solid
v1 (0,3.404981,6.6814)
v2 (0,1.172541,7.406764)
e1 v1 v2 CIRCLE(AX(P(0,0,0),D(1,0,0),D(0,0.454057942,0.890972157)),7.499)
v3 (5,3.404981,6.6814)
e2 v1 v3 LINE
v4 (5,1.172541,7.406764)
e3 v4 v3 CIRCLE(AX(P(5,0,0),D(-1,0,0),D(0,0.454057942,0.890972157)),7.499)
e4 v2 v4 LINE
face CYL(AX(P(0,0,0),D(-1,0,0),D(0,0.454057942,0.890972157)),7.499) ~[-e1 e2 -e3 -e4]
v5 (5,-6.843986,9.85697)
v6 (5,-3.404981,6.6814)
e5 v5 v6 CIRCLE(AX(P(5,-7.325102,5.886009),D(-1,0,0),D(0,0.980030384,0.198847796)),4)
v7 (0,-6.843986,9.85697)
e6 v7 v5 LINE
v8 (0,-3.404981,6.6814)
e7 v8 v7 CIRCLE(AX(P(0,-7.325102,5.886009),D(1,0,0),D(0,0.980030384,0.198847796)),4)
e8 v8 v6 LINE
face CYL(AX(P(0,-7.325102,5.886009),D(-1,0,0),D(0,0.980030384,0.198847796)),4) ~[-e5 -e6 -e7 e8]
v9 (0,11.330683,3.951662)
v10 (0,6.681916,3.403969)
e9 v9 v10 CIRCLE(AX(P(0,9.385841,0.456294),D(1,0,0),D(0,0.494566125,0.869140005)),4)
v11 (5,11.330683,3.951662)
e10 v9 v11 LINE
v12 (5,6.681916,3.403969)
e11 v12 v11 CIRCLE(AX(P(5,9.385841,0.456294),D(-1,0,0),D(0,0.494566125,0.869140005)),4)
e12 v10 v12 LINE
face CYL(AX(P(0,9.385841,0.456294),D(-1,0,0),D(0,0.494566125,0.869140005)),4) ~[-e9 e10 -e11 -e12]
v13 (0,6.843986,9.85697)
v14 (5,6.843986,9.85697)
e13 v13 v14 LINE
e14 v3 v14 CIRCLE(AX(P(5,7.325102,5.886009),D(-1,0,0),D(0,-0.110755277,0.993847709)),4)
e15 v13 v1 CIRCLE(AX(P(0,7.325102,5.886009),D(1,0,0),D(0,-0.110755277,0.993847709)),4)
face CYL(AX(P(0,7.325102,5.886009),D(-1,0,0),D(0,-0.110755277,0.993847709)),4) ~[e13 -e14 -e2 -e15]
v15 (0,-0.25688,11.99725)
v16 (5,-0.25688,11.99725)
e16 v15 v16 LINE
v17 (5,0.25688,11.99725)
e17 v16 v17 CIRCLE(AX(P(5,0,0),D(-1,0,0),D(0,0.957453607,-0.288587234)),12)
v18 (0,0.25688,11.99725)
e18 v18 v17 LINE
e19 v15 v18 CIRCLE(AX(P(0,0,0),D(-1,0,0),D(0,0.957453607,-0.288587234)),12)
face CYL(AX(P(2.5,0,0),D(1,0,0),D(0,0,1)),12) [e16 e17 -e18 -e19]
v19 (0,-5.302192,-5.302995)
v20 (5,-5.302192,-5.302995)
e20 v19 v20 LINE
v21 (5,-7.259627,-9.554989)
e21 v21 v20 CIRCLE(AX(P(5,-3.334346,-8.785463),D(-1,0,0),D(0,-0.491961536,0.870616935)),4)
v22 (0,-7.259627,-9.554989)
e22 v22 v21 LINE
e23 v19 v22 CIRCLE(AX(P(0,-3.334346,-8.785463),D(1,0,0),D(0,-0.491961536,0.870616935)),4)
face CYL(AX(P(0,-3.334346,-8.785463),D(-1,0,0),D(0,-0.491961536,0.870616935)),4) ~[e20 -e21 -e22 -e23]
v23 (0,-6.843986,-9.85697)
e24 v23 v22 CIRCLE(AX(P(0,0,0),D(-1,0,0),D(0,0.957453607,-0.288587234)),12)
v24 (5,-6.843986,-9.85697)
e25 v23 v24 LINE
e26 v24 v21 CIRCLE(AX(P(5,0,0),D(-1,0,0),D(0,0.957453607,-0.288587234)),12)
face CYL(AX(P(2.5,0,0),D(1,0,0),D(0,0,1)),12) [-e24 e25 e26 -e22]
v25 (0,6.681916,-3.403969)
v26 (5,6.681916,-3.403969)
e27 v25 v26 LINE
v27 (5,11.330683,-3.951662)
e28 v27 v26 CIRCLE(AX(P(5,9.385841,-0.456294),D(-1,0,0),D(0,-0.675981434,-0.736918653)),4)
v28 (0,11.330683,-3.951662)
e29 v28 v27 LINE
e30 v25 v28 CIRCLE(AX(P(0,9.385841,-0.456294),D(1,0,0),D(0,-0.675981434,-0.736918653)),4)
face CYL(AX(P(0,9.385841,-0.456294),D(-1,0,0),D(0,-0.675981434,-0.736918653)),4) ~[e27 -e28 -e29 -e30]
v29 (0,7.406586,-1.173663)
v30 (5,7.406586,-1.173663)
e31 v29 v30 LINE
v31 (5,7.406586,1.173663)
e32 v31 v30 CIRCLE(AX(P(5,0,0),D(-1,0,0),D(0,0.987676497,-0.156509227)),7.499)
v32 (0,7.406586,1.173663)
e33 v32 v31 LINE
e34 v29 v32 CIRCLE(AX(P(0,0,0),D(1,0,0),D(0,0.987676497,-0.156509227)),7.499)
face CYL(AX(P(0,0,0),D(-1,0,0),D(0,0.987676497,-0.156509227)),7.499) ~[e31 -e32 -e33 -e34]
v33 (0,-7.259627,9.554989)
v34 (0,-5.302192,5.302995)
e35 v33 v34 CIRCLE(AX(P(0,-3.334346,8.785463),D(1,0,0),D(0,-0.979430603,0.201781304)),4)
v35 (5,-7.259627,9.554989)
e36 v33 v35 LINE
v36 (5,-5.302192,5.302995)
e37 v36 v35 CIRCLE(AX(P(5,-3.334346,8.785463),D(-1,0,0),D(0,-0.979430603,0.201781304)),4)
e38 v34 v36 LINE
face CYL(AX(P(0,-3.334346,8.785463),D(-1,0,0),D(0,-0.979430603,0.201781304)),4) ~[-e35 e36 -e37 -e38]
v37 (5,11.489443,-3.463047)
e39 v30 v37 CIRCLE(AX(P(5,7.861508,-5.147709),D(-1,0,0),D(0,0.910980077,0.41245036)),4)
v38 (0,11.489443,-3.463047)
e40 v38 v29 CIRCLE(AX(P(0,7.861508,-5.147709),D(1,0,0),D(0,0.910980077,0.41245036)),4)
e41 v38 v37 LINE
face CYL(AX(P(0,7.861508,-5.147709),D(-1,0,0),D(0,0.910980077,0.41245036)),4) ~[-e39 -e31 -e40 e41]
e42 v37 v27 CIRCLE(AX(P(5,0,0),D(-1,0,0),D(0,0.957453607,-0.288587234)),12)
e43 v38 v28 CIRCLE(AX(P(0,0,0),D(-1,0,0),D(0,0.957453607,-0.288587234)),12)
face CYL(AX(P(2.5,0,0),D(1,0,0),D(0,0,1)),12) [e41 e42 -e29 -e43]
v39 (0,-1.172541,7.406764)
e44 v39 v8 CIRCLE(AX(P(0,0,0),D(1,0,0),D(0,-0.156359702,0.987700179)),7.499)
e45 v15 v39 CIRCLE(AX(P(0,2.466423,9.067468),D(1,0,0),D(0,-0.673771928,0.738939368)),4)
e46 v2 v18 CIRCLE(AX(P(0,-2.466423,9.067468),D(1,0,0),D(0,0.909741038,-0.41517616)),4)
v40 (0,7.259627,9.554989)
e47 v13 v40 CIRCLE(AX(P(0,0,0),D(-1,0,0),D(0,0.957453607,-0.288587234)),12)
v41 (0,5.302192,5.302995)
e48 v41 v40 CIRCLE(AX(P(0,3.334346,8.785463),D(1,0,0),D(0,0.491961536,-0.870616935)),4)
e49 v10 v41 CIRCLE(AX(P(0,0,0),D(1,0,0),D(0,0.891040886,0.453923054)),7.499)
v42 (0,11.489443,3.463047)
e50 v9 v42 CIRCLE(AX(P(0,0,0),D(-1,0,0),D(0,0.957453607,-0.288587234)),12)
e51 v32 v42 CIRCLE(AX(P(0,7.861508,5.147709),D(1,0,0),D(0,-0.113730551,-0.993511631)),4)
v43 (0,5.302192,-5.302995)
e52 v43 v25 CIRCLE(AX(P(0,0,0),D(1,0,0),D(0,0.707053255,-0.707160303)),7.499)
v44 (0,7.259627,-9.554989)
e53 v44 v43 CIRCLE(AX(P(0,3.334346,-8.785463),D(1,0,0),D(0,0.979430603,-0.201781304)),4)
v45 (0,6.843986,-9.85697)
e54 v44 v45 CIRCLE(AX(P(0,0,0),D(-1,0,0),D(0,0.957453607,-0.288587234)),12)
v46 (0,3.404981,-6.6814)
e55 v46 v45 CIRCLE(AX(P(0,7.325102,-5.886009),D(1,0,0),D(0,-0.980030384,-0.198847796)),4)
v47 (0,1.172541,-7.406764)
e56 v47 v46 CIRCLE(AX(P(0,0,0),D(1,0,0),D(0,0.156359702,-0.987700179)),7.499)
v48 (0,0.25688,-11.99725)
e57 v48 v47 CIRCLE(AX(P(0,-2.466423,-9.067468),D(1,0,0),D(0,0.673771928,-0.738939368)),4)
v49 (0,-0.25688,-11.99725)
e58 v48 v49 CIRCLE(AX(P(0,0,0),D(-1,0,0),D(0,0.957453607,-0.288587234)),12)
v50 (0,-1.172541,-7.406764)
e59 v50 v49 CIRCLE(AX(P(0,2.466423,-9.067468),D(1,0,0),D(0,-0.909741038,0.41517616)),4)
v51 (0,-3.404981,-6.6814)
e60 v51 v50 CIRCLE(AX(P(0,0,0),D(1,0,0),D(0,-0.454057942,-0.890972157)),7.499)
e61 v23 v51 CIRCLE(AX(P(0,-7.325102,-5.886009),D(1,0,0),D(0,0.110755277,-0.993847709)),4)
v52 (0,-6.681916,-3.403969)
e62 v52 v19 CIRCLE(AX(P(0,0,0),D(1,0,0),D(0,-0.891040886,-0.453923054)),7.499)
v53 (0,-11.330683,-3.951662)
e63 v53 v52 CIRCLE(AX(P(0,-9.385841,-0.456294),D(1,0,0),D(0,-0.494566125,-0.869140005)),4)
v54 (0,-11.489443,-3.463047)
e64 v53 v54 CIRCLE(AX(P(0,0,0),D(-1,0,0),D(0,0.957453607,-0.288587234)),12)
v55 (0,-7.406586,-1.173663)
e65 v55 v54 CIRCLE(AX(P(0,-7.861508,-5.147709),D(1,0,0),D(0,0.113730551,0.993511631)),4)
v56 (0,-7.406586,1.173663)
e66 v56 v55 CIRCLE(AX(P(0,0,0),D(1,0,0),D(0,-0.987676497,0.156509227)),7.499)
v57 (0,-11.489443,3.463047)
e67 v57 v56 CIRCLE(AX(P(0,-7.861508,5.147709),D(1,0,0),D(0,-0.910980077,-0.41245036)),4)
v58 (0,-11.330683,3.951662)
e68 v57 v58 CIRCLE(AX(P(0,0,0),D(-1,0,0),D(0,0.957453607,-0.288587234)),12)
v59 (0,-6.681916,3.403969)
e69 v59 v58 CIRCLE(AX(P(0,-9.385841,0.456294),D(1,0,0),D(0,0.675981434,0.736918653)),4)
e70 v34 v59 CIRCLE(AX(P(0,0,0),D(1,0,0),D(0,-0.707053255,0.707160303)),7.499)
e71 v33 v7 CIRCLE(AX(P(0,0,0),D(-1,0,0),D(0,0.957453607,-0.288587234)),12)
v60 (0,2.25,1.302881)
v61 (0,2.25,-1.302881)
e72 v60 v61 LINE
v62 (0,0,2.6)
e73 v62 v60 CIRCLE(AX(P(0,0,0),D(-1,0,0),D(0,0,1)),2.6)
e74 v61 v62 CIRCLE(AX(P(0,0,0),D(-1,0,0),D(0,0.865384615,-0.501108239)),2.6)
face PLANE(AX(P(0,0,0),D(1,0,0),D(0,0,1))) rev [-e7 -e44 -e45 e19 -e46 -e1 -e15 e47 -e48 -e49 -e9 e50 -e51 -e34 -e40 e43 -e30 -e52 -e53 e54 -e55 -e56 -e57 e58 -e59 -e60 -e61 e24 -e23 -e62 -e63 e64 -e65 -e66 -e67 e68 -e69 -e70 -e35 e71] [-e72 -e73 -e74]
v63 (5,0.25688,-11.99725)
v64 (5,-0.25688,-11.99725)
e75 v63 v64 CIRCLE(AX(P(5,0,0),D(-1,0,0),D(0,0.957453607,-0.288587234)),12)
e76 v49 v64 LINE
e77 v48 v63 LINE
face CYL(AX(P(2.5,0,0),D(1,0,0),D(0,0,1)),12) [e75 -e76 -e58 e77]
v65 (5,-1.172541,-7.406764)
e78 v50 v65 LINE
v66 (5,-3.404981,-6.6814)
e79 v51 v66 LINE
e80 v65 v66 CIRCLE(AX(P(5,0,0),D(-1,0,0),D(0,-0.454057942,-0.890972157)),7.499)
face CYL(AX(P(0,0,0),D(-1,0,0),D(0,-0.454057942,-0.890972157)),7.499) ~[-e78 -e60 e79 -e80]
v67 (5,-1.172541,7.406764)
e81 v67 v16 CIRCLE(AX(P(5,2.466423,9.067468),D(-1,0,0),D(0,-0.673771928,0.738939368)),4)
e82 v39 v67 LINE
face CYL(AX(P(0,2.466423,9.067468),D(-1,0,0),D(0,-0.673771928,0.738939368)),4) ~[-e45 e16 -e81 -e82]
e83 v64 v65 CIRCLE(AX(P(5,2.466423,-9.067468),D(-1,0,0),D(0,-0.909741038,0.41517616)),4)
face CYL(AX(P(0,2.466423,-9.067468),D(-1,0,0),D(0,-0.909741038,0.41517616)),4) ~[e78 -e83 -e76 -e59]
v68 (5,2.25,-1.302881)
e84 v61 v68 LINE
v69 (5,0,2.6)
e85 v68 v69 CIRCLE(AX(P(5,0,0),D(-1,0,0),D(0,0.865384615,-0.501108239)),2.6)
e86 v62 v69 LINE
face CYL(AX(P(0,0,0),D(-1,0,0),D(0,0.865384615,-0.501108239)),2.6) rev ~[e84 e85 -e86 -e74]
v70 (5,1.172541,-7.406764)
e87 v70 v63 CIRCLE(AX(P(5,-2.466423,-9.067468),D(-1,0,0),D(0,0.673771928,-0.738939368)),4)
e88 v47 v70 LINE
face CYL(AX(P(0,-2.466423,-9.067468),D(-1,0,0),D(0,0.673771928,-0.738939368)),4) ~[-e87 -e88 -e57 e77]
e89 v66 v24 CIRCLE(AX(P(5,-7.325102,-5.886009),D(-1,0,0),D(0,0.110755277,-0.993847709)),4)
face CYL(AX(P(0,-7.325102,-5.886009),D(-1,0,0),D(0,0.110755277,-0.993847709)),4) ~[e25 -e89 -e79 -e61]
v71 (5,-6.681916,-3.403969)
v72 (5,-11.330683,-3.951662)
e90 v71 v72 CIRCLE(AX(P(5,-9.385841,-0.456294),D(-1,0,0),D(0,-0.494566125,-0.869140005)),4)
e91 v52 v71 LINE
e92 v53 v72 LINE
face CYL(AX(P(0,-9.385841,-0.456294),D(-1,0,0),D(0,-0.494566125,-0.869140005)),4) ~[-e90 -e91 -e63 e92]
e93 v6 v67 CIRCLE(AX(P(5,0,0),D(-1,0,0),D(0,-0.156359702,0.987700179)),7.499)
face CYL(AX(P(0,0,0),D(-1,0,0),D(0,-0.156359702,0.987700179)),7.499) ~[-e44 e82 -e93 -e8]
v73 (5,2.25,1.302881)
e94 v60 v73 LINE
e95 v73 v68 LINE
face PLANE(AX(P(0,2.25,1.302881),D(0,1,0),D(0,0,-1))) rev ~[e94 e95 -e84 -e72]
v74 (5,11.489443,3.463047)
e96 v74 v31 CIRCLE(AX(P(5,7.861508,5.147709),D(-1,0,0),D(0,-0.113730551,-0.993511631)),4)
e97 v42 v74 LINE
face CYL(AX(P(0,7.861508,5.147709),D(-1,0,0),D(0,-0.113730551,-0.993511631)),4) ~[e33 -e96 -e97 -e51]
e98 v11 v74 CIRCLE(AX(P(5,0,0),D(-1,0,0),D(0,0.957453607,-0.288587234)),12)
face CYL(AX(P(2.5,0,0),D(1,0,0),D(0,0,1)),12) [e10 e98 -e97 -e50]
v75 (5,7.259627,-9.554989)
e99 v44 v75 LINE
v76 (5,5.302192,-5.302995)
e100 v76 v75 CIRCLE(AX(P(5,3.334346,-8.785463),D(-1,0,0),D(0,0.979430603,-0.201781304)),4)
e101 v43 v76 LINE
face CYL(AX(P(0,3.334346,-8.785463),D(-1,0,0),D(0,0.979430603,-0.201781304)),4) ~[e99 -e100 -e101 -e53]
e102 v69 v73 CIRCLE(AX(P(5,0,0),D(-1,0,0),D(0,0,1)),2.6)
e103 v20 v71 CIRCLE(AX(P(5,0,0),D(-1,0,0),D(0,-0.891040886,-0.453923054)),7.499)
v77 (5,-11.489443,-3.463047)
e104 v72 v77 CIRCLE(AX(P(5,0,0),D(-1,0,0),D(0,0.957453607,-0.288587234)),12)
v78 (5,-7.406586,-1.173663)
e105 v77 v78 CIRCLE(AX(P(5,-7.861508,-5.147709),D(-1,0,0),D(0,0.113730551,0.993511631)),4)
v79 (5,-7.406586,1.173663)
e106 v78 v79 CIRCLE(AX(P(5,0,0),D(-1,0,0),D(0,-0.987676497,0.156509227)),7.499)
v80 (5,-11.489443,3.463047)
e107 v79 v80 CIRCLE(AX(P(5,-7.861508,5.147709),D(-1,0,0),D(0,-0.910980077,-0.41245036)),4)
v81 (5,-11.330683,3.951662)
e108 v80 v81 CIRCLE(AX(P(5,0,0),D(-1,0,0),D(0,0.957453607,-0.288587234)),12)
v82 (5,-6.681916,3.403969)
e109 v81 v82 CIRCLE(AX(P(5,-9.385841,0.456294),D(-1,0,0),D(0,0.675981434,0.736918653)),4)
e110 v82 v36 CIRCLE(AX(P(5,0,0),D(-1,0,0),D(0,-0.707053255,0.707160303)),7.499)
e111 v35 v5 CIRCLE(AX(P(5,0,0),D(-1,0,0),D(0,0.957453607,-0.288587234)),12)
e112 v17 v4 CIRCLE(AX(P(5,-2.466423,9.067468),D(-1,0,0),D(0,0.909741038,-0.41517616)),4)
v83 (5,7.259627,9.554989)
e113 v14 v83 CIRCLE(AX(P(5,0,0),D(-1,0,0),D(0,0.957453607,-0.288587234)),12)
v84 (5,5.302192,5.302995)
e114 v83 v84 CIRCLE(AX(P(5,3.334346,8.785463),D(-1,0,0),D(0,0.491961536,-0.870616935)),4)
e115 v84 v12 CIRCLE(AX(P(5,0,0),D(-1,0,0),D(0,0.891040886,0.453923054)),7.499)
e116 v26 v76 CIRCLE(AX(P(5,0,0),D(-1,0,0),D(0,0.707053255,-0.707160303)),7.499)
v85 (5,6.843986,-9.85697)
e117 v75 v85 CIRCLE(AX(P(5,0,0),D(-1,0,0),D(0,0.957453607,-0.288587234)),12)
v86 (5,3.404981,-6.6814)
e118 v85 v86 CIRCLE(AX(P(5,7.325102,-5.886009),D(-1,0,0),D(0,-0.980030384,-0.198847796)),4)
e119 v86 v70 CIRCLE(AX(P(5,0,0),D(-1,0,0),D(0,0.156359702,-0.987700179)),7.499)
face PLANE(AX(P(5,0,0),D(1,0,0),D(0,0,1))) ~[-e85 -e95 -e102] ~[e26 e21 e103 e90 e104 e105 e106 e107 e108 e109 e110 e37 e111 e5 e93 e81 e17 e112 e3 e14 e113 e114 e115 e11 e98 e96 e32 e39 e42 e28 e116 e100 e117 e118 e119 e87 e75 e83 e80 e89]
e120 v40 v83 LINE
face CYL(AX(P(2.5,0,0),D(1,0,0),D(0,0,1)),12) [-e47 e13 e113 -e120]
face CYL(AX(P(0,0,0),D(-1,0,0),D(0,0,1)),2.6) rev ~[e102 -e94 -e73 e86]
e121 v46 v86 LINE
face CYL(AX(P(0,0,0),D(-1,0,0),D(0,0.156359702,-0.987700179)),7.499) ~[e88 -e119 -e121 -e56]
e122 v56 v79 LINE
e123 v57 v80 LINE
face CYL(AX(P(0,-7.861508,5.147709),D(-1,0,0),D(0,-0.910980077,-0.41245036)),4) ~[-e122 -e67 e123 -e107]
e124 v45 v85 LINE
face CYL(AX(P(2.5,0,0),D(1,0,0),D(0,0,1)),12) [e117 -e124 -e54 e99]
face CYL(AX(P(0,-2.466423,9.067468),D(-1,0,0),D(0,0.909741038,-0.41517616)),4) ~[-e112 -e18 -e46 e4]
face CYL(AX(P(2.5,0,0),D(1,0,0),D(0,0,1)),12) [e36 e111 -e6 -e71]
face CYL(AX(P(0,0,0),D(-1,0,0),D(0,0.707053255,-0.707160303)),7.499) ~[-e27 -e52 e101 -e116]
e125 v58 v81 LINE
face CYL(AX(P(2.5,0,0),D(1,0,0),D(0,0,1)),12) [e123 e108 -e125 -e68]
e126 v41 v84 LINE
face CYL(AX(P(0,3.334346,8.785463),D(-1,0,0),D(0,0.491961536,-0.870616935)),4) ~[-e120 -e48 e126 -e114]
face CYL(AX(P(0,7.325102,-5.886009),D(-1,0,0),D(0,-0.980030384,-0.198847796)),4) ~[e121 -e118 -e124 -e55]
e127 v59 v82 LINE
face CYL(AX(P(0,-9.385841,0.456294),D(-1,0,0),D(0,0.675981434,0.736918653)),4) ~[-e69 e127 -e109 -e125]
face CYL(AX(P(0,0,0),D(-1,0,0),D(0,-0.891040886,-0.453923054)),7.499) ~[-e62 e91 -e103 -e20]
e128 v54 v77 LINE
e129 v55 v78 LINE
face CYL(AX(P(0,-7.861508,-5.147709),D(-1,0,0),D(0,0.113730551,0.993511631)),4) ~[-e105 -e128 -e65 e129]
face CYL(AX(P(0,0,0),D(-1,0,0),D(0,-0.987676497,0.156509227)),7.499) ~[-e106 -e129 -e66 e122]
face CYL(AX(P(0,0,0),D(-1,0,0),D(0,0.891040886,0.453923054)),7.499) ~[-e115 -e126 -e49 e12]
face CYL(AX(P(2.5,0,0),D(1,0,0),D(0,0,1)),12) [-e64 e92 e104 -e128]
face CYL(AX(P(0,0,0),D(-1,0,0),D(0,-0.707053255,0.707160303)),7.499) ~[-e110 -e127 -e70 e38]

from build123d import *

# Parameters (mm, degrees)
BASPROSKE_W        = 5
BASPROSKE_H        = 12
TOOTHCUT_DEPTH     = 18.691806013
TEETHCUTS_COUNT    = 10
TEETHCUTS_ANGLE    = 324
BORSKE_R           = 0.5
BORE_DEPTH         = 50.0000508
SKETCH2_R          = 0.5
CUT_EXTRUDE1_DEPTH = 10


with BuildPart() as part:
    # BasProSke → Base-Revolve (revolve)
    with BuildSketch(Plane(origin=(0, 0, 0), x_dir=(1, 0, 0), z_dir=(0, 1, 0)), mode=Mode.PRIVATE) as base_revolve_sk:
        with Locations((2.5, 6)):
            Rectangle(BASPROSKE_W, BASPROSKE_H)
    revolve(base_revolve_sk.sketch.rotate(Axis((-10, 0, 0), (1, 0, 0)), 180), axis=Axis((-10, 0, 0), (1, 0, 0)))

    # TooCutSke → ToothCut (cut, through all)
    with BuildSketch(Plane(origin=(0, 0, 0), x_dir=(0, 0, -1), z_dir=(1, 0, 0))):
        with BuildLine():
            ThreePointArc((1.173662691, 7.406586048), (0, 7.499), (-1.173662691, 7.406586048))
            ThreePointArc((-1.173662691, 7.406586048), (-1.668191438, 9.834565786), (-3.497907776, 11.50542856))
            ThreePointArc((-3.497907776, 11.50542856), (0, 12.0254), (3.497907776, 11.50542856))
            ThreePointArc((3.497907776, 11.50542856), (1.668191438, 9.834565786), (1.173662691, 7.406586048))
        make_face()
    toothcut = extrude(amount=TOOTHCUT_DEPTH, mode=Mode.SUBTRACT)

    # TeethCuts: ToothCut ×10 about axis
    teethcuts_axis = Axis((-10, 0, 0), (1, 0, 0))
    for i in range(1, TEETHCUTS_COUNT):
        add(toothcut.rotate(teethcuts_axis, i * TEETHCUTS_ANGLE / (TEETHCUTS_COUNT - 1)), mode=Mode.SUBTRACT)

    # BorSke → Bore (cut, symmetric)
    with BuildSketch(Plane(origin=(0, 0, 0), x_dir=(0, 0, -1), z_dir=(1, 0, 0))):
        with Locations(Location((0, 0, 0), (0, 0, 180))):
            Circle(BORSKE_R)
    extrude(amount=BORE_DEPTH, both=True, mode=Mode.SUBTRACT)

    # Sketch2 → Cut-Extrude1 (cut)
    with BuildSketch(Plane.ZY):
        with BuildLine():
            Line((1.302881422, 2.25), (-1.302881422, 2.25))
            ThreePointArc((-1.302881422, 2.25), (-1.29855849, -2.252497691), (2.6, 0))
            ThreePointArc((2.6, 0), (2.252497691, 1.29855849), (1.302881422, 2.25))
        make_face()
        Circle(SKETCH2_R, mode=Mode.SUBTRACT)
    extrude(amount=-CUT_EXTRUDE1_DEPTH, mode=Mode.SUBTRACT)


solid = part.part
